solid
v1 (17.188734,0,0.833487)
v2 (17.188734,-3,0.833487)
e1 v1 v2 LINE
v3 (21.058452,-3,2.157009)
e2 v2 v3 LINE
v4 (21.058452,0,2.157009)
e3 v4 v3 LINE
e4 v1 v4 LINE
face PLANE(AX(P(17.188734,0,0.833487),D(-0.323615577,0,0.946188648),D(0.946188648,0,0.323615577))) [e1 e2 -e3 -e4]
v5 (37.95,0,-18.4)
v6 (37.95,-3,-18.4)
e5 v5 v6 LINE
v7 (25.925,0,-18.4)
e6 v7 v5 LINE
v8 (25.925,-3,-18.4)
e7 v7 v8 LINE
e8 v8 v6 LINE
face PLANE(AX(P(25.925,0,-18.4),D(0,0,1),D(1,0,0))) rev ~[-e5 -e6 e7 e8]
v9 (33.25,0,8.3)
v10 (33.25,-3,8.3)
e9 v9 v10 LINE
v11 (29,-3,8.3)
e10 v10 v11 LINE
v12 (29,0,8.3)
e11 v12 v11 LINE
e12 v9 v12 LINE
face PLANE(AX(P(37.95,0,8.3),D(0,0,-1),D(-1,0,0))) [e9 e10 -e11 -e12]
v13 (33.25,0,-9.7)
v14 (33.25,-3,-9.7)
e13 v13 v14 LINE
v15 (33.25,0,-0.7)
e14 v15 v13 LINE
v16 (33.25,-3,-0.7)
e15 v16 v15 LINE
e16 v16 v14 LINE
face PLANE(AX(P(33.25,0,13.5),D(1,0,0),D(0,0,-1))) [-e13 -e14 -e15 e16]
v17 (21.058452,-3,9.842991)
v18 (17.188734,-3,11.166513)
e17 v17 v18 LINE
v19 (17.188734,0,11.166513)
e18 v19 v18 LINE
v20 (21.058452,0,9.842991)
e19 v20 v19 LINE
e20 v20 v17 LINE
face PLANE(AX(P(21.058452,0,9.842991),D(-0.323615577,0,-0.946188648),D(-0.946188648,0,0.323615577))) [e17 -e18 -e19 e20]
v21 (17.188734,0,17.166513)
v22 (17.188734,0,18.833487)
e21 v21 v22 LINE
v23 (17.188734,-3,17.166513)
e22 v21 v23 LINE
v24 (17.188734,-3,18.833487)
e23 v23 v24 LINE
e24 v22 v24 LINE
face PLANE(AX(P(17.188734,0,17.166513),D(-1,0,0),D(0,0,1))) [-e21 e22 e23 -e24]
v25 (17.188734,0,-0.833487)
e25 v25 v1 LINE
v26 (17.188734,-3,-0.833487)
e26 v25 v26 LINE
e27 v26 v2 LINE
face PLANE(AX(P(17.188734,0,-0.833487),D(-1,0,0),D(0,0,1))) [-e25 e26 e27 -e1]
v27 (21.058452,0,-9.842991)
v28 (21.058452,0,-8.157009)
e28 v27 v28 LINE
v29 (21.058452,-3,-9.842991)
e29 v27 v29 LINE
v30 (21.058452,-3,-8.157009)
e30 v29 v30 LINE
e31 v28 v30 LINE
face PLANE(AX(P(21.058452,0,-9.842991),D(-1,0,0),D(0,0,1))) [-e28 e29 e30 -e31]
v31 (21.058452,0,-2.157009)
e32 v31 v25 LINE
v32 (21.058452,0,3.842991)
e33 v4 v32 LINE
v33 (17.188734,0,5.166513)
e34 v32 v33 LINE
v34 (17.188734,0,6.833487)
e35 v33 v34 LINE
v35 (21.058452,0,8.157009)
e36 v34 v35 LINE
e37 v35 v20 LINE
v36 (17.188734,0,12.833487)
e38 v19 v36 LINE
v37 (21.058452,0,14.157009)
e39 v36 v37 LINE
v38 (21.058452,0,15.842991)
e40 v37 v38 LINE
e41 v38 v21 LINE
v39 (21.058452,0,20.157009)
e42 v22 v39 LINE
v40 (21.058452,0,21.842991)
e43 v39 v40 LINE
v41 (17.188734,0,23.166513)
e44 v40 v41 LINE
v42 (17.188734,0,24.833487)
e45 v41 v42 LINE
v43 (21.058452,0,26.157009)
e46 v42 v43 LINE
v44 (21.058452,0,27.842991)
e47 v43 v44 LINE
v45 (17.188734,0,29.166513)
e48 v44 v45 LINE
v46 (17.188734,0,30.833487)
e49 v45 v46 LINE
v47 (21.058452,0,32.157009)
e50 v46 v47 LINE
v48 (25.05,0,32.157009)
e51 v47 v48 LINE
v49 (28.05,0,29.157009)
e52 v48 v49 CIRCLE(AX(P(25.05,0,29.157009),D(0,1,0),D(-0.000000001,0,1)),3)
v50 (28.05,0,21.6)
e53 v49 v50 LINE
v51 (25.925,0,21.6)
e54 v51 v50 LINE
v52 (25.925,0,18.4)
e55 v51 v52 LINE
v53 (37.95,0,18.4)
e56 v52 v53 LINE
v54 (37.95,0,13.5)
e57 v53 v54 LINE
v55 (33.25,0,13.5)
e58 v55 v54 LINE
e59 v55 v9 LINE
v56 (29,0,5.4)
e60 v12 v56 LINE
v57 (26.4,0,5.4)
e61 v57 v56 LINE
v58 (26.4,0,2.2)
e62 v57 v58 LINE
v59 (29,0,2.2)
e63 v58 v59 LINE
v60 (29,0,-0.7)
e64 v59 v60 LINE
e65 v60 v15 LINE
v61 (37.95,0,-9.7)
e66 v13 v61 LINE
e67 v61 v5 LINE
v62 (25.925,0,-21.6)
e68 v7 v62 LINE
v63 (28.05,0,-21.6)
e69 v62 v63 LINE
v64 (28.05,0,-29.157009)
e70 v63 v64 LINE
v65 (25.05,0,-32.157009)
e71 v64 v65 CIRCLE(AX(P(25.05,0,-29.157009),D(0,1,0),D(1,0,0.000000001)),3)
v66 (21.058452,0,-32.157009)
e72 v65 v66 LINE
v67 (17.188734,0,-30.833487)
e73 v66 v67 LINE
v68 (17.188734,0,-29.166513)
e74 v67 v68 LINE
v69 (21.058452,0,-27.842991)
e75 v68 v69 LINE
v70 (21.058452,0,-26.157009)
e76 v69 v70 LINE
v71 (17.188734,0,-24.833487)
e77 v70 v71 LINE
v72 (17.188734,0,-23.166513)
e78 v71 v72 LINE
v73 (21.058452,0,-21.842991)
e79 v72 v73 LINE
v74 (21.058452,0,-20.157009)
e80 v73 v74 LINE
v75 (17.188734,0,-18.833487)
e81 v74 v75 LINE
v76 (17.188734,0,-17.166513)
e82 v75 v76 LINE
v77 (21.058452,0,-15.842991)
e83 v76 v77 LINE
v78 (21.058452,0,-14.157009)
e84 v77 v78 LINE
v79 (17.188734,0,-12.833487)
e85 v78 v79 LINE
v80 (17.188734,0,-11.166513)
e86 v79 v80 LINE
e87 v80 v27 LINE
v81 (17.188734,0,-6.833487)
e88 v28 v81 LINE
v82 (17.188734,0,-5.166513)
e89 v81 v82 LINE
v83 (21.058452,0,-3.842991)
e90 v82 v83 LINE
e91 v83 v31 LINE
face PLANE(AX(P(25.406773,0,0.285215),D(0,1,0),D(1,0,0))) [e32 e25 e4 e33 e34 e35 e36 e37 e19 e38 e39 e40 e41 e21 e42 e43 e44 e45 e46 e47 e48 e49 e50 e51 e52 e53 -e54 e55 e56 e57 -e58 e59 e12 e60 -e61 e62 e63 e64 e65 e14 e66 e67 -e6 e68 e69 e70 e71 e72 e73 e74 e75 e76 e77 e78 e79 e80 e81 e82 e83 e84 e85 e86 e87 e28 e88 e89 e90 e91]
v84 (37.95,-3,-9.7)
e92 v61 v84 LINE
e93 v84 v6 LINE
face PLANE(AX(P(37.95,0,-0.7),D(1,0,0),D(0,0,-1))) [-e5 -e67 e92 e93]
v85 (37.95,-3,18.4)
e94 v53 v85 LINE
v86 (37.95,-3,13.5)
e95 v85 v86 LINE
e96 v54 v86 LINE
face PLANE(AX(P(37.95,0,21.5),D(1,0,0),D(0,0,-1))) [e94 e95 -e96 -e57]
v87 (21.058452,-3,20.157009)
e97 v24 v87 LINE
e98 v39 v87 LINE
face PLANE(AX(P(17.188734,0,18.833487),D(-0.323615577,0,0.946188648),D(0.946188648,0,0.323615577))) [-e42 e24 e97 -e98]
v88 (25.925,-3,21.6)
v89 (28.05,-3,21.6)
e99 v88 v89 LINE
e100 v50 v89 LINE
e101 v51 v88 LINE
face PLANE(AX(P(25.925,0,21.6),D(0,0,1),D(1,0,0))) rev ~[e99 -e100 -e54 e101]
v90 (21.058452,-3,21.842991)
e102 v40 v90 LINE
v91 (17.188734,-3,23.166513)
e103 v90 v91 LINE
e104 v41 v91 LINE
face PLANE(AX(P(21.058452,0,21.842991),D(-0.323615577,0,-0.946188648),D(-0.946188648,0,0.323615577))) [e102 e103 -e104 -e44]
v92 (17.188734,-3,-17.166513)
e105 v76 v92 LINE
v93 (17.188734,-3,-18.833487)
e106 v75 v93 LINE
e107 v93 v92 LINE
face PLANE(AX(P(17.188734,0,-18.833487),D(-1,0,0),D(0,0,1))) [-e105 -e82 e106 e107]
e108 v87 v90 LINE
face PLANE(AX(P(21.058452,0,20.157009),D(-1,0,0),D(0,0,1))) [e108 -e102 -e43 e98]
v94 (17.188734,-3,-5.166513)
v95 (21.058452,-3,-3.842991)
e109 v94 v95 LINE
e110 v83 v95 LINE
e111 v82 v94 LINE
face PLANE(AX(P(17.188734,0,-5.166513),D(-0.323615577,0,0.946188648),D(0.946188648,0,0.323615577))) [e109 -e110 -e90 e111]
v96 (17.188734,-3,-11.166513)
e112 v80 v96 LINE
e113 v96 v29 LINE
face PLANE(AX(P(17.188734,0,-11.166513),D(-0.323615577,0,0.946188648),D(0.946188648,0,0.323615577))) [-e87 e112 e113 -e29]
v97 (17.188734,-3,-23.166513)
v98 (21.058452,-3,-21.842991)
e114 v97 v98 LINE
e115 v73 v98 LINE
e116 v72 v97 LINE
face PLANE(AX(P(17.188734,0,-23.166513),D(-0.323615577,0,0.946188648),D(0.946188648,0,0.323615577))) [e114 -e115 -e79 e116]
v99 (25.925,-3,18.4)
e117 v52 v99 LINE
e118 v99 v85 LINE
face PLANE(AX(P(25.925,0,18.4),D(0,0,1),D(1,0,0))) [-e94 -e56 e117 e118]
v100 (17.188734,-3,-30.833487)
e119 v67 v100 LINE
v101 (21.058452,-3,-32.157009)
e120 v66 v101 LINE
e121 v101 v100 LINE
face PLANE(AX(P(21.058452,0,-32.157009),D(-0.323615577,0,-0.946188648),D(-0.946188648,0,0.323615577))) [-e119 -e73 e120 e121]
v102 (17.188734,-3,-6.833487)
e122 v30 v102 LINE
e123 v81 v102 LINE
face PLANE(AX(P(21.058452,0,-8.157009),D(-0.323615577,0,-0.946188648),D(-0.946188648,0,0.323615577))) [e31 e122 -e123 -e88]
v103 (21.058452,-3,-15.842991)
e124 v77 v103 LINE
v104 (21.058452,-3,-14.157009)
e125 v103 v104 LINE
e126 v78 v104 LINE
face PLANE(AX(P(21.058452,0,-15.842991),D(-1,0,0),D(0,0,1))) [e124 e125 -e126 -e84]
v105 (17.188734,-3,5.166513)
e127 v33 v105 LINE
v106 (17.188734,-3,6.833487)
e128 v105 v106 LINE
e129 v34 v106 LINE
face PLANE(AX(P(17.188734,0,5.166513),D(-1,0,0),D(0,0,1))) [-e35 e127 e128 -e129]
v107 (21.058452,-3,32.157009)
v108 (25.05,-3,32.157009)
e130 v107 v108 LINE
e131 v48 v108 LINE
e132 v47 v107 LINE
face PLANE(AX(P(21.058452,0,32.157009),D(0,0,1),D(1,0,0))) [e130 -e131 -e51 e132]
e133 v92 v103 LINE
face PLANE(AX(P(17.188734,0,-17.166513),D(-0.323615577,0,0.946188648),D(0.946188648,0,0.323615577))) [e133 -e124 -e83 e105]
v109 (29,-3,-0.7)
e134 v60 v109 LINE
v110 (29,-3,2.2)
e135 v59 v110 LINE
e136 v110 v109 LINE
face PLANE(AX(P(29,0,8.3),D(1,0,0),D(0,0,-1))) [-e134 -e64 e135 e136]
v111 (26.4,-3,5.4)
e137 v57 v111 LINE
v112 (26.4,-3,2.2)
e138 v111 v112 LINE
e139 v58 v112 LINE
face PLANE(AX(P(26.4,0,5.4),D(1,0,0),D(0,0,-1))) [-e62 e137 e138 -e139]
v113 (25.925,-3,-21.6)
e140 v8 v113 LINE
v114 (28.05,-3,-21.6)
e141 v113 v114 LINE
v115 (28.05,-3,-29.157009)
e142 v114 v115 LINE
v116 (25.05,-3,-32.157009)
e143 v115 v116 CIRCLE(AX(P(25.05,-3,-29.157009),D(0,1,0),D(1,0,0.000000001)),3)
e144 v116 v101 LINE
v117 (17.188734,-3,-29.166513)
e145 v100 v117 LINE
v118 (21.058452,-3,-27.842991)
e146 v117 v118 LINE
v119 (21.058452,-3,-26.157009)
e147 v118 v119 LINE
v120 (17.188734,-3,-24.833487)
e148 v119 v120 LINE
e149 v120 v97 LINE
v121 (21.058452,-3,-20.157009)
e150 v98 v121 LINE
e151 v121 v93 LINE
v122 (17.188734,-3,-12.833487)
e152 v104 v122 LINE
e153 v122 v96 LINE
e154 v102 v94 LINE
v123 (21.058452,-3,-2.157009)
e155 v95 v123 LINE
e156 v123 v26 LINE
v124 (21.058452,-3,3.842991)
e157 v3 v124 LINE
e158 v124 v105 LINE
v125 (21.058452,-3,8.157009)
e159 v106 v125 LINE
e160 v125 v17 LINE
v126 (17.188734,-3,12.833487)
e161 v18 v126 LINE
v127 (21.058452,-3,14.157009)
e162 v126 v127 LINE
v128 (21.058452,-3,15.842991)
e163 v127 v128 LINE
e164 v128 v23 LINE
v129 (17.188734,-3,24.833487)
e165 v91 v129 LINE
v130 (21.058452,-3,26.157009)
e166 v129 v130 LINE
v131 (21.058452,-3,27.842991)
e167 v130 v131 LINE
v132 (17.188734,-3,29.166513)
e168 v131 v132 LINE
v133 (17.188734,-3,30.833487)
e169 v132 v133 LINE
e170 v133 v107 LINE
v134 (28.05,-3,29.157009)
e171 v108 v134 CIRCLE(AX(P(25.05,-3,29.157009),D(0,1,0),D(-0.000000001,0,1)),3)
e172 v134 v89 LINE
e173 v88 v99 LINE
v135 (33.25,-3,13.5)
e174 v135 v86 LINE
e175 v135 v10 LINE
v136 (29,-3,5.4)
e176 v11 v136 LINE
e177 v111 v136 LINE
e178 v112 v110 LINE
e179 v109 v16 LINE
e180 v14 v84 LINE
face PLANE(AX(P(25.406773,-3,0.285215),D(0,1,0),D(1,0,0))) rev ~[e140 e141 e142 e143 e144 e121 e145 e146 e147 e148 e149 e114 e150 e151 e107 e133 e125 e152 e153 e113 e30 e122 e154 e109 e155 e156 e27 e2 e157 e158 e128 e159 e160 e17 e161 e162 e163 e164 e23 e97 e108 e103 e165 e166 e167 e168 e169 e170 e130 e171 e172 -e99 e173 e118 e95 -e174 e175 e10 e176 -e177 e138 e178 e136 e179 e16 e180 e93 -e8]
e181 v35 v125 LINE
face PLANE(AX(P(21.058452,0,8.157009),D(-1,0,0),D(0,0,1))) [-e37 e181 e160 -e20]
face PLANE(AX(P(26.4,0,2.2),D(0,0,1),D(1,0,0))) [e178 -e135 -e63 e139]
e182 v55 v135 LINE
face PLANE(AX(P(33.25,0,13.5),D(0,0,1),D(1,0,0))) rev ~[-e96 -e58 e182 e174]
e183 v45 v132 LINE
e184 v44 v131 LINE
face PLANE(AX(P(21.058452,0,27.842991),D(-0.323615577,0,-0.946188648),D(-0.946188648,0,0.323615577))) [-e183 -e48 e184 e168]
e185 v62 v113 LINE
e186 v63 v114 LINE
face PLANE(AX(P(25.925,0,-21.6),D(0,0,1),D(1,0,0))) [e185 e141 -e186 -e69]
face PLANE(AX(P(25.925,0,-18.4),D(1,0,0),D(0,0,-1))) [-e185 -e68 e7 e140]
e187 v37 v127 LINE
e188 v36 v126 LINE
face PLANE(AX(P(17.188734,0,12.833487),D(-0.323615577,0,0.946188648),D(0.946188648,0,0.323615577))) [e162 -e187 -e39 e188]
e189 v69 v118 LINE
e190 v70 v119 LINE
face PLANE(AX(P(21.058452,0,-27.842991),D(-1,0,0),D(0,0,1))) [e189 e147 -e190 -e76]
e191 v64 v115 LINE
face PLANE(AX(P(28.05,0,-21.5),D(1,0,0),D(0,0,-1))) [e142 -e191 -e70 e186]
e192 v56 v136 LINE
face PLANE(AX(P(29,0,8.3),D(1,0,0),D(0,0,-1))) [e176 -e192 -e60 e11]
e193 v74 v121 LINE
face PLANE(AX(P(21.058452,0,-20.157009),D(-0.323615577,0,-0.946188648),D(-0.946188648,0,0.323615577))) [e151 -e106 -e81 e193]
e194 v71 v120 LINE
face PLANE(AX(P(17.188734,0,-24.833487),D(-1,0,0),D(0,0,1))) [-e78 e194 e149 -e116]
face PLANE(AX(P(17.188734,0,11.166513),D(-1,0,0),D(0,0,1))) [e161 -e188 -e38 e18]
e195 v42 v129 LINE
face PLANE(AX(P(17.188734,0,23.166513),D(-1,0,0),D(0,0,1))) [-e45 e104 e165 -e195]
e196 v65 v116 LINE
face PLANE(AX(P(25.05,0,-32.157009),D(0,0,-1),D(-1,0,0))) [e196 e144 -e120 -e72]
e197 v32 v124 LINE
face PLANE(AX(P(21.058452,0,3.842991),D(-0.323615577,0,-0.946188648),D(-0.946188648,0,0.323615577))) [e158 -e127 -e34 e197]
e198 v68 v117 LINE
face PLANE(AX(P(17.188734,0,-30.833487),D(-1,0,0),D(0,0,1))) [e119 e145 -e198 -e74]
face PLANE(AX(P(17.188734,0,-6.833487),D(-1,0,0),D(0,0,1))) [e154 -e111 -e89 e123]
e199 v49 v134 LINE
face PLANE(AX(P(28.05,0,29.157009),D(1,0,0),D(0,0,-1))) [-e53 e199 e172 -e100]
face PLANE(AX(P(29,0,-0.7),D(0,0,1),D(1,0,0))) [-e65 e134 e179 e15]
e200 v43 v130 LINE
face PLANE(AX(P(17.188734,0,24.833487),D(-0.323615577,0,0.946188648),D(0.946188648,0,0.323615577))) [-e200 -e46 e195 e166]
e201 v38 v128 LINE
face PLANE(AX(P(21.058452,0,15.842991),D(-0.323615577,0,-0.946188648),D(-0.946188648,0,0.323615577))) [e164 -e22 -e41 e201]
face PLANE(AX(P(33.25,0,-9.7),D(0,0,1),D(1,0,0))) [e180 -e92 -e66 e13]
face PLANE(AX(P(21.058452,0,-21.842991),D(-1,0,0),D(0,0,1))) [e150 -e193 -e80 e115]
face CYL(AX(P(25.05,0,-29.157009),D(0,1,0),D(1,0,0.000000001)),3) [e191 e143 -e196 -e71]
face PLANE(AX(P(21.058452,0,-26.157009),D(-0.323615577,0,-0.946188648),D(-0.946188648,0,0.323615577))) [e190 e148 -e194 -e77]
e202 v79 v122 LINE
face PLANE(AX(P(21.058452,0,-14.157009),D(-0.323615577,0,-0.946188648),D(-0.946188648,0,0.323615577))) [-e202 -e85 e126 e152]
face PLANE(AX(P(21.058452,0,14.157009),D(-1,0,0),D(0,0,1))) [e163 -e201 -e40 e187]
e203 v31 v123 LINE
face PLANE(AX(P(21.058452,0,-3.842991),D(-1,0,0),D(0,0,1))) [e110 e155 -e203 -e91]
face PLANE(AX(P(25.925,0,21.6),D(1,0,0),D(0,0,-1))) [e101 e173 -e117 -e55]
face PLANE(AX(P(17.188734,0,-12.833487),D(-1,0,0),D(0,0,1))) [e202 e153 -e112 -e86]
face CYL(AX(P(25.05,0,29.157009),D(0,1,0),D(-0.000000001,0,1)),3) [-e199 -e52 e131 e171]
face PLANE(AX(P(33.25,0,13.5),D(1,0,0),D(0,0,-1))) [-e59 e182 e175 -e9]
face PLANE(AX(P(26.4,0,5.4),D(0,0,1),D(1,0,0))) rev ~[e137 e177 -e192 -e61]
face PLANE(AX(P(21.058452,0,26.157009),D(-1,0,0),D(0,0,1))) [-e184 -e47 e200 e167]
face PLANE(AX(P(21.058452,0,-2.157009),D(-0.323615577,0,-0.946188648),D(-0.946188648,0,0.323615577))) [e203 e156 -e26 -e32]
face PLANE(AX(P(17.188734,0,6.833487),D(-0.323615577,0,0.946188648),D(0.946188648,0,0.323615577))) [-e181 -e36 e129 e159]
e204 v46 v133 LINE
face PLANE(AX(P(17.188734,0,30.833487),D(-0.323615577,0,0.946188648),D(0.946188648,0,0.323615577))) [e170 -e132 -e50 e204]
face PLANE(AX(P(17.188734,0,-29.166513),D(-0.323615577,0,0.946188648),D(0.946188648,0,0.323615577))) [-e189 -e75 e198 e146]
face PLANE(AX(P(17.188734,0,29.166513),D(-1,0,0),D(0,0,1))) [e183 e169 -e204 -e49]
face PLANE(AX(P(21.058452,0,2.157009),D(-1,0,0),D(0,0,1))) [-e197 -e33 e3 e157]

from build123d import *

# Parameters (mm, degrees)
BOSS_EXTRUDE1_DEPTH = 3
SKETCH4_W           = 12.125
SKETCH4_H           = 3.2
SKETCH4_W_2         = 4.8
SKETCH4_H_2         = 23.2
SKETCH4_W_3         = 2.7
CUT_EXTRUDE1_DEPTH  = 4


with BuildPart() as part:
    # Sketch1 → Boss-Extrude1 (new body)
    with BuildSketch(Plane(origin=(0, 0, 0), x_dir=(1, 0, 0), z_dir=(0, 1, 0))):
        with BuildLine():
            Line((37.95, 21.5), (28.05, 21.5))
            Line((28.05, 21.5), (28.05, 29.157009142))
            ThreePointArc((28.05, 29.157009142), (27.171320344, 31.278329486), (25.05, 32.157009142))
            Line((25.05, 32.157009142), (21.058452488, 32.157009142))
            Line((21.058452488, 32.157009142), (17.188733854, 30.83348742))
            Line((17.188733854, 30.83348742), (17.188733854, 29.16651258))
            Line((17.188733854, 29.16651258), (21.058452488, 27.842990858))
            Line((21.058452488, 27.842990858), (21.058452488, 26.157009142))
            Line((21.058452488, 26.157009142), (17.188733854, 24.83348742))
            Line((17.188733854, 24.83348742), (17.188733854, 23.16651258))
            Line((17.188733854, 23.16651258), (21.058452488, 21.842990858))
            Line((21.058452488, 21.842990858), (21.058452488, 20.157009142))
            Line((21.058452488, 20.157009142), (17.188733854, 18.83348742))
            Line((17.188733854, 18.83348742), (17.188733854, 17.16651258))
            Line((17.188733854, 17.16651258), (21.058452488, 15.842990858))
            Line((21.058452488, 15.842990858), (21.058452488, 14.157009142))
            Line((21.058452488, 14.157009142), (17.188733854, 12.83348742))
            Line((17.188733854, 12.83348742), (17.188733854, 11.16651258))
            Line((17.188733854, 11.16651258), (21.058452488, 9.842990858))
            Line((21.058452488, 9.842990858), (21.058452488, 8.157009142))
            Line((21.058452488, 8.157009142), (17.188733854, 6.83348742))
            Line((17.188733854, 6.83348742), (17.188733854, 5.16651258))
            Line((17.188733854, 5.16651258), (21.058452488, 3.842990858))
            Line((21.058452488, 3.842990858), (21.058452488, 2.157009142))
            Line((21.058452488, 2.157009142), (17.188733854, 0.83348742))
            Line((17.188733854, 0.83348742), (17.188733854, -0.83348742))
            Line((17.188733854, -0.83348742), (21.058452488, -2.157009142))
            Line((21.058452488, -2.157009142), (21.058452488, -3.842990858))
            Line((21.058452488, -3.842990858), (17.188733854, -5.16651258))
            Line((17.188733854, -5.16651258), (17.188733854, -6.83348742))
            Line((17.188733854, -6.83348742), (21.058452488, -8.157009142))
            Line((21.058452488, -8.157009142), (21.058452488, -9.842990858))
            Line((21.058452488, -9.842990858), (17.188733854, -11.16651258))
            Line((17.188733854, -11.16651258), (17.188733854, -12.83348742))
            Line((17.188733854, -12.83348742), (21.058452488, -14.157009142))
            Line((21.058452488, -14.157009142), (21.058452488, -15.842990858))
            Line((21.058452488, -15.842990858), (17.188733854, -17.16651258))
            Line((17.188733854, -17.16651258), (17.188733854, -18.83348742))
            Line((17.188733854, -18.83348742), (21.058452488, -20.157009142))
            Line((21.058452488, -20.157009142), (21.058452488, -21.842990858))
            Line((21.058452488, -21.842990858), (17.188733854, -23.16651258))
            Line((17.188733854, -23.16651258), (17.188733854, -24.83348742))
            Line((17.188733854, -24.83348742), (21.058452488, -26.157009142))
            Line((21.058452488, -26.157009142), (21.058452488, -27.842990858))
            Line((21.058452488, -27.842990858), (17.188733854, -29.16651258))
            Line((17.188733854, -29.16651258), (17.188733854, -30.83348742))
            Line((17.188733854, -30.83348742), (21.058452488, -32.157009142))
            Line((21.058452488, -32.157009142), (25.05, -32.157009142))
            ThreePointArc((25.05, -32.157009142), (27.171320344, -31.278329486), (28.05, -29.157009142))
            Line((28.05, -29.157009142), (28.05, -21.5))
            Line((28.05, -21.5), (37.95, -21.5))
            Line((37.95, -21.5), (37.95, -8.3))
            Line((37.95, -8.3), (29, -8.3))
            Line((29, -8.3), (29, 0.7))
            Line((29, 0.7), (37.95, 0.7))
            Line((37.95, 0.7), (37.95, 21.5))
        make_face()
    extrude(amount=-BOSS_EXTRUDE1_DEPTH)

    # Sketch4 → Cut-Extrude1 (cut, through all)
    with BuildSketch(Plane(origin=(0, 0, 0), x_dir=(1, 0, 0), z_dir=(0, 1, 0))):
        with Locations((31.9875, -20)):
            Rectangle(SKETCH4_W, SKETCH4_H)
        with Locations((35.65, -1.9)):
            Rectangle(SKETCH4_W_2, SKETCH4_H_2)
        with Locations((31.9875, 20)):
            Rectangle(SKETCH4_W, SKETCH4_H)
        with Locations((27.75, -3.8)):
            Rectangle(SKETCH4_W_3, SKETCH4_H)
    extrude(amount=-CUT_EXTRUDE1_DEPTH, mode=Mode.SUBTRACT)


solid = part.part
